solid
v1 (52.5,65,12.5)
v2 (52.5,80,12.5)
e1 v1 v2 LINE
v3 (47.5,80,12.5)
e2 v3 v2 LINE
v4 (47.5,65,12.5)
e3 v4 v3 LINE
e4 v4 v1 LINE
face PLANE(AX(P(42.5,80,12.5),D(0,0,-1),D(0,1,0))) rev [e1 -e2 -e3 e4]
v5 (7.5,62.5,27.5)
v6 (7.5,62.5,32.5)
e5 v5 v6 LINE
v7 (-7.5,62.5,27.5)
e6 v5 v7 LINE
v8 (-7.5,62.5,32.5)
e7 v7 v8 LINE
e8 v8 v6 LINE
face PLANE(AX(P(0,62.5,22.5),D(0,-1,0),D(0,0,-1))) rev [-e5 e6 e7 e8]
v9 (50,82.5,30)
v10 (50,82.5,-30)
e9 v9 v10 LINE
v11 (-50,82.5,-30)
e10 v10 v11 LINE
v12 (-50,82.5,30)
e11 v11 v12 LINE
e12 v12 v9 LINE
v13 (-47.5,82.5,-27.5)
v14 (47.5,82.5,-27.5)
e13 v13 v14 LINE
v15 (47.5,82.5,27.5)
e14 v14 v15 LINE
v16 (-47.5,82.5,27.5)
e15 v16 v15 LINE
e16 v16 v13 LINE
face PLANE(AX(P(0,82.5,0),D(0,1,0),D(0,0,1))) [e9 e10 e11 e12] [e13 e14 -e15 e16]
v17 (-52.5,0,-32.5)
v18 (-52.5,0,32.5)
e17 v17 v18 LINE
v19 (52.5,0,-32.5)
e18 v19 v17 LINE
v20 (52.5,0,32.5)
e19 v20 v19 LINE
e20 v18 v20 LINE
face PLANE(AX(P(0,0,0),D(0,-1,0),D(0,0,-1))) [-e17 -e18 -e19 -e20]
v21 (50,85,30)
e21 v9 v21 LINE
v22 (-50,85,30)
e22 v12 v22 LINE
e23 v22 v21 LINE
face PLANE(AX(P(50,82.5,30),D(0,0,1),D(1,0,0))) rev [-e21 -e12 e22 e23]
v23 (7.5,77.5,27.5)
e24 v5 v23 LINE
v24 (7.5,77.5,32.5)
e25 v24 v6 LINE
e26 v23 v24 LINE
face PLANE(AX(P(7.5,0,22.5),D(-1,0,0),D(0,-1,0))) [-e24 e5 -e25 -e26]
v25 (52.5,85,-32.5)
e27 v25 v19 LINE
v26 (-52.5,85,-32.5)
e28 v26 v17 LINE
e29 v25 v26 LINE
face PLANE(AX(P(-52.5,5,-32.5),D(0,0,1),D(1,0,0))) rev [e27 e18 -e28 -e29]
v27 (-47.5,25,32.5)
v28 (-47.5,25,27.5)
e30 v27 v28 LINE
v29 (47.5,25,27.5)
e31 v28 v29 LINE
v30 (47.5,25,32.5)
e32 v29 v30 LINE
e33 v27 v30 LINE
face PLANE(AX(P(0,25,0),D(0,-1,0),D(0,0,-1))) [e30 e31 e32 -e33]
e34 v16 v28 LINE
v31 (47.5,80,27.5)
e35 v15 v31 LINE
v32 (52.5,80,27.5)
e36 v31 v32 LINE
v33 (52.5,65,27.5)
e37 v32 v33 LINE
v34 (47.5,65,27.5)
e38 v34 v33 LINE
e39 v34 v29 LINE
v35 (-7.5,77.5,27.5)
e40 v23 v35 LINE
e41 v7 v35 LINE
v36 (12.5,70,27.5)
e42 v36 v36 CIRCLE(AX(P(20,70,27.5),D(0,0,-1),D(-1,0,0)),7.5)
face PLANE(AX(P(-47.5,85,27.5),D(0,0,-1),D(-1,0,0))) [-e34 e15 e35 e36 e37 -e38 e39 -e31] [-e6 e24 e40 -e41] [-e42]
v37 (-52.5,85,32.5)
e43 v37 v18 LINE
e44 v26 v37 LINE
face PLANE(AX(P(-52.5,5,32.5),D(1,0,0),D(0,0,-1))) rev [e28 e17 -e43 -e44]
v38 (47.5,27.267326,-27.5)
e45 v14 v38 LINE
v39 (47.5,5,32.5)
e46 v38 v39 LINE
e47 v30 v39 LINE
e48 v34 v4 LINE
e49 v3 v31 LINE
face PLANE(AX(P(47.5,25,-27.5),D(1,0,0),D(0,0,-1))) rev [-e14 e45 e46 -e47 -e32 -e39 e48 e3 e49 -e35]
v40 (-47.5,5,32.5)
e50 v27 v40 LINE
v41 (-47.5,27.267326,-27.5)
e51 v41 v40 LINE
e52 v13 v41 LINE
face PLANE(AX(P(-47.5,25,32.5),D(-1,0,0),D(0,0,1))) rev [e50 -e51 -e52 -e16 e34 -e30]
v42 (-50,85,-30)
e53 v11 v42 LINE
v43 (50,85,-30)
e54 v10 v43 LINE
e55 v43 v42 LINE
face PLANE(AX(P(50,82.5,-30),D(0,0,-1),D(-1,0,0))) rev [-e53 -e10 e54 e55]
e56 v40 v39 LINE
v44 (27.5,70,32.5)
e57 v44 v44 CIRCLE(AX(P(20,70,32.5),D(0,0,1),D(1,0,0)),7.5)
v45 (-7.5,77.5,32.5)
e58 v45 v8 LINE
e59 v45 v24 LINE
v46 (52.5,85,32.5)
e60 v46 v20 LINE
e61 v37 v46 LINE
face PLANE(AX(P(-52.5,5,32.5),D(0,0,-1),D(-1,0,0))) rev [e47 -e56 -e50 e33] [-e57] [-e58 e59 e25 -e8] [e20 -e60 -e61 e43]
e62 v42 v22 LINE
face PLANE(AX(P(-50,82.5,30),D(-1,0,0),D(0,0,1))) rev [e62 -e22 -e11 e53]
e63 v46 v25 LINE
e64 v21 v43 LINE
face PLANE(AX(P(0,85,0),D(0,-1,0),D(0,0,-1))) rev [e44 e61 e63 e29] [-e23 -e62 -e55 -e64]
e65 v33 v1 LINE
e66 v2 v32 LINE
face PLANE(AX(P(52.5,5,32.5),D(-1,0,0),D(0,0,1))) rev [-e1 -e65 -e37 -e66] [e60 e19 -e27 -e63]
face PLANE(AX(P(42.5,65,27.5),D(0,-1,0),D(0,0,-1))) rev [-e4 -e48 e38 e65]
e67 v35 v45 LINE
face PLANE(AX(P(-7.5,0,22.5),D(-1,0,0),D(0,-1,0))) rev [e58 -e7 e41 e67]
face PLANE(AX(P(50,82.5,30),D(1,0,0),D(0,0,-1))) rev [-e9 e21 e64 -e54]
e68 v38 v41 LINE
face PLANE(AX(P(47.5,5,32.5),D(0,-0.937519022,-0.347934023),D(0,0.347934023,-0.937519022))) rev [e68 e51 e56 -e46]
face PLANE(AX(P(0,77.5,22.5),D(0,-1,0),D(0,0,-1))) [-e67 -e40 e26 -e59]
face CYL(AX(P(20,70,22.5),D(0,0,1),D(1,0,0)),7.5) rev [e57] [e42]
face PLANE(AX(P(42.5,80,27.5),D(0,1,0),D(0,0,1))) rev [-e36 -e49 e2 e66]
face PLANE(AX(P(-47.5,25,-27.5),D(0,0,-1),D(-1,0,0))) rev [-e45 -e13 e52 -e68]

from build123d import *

# Parameters (mm, degrees)
SKETCH1_W           = 105
SKETCH1_H           = 65
BOSS_EXTRUDE1_DEPTH = 5
BOSS_EXTRUDE2_DEPTH = 20
SKETCH3_W           = 105
SKETCH3_H           = 65
SKETCH3_W_2         = 95
SKETCH3_H_2         = 55
BOSS_EXTRUDE3_DEPTH = 60
SKETCH4_W           = 100
SKETCH4_H           = 60
CUT_EXTRUDE1_DEPTH  = 2.5
SKETCH5_W           = 15
SKETCH5_H           = 15
SKETCH5_R           = 7.5
CUT_EXTRUDE3_DEPTH  = 10
SKETCH6_W           = 15
SKETCH6_H           = 15
CUT_EXTRUDE4_DEPTH  = 10
BOSS_EXTRUDE4_DEPTH = 95


with BuildPart() as part:
    # Sketch1 → Boss-Extrude1 (new body)
    with BuildSketch(Plane(origin=(0, 0, 0), x_dir=(1, 0, 0), z_dir=(0, 1, 0))):
        Rectangle(SKETCH1_W, SKETCH1_H)
    extrude(amount=BOSS_EXTRUDE1_DEPTH)

    # Sketch2 → Boss-Extrude2 (add)
    with BuildSketch(Plane(origin=(0, 5, 0), x_dir=(1, 0, 0), z_dir=(0, 1, 0))):
        Polygon((-47.5, -32.5), (-47.5, 27.5), (47.5, 27.5), (47.5, -32.5), (52.5, -32.5), (52.5, 32.5), (-52.5, 32.5), (-52.5, -32.5), align=None)
    extrude(amount=BOSS_EXTRUDE2_DEPTH)

    # Sketch3 → Boss-Extrude3 (add)
    with BuildSketch(Plane(origin=(0, 25, 0), x_dir=(1, 0, 0), z_dir=(0, 1, 0))):
        Rectangle(SKETCH3_W, SKETCH3_H)
        Rectangle(SKETCH3_W_2, SKETCH3_H_2, mode=Mode.SUBTRACT)
    extrude(amount=BOSS_EXTRUDE3_DEPTH)

    # Sketch4 → Cut-Extrude1 (cut)
    with BuildSketch(Plane(origin=(0, 85, 0), x_dir=(1, 0, 0), z_dir=(0, 1, 0))):
        Rectangle(SKETCH4_W, SKETCH4_H)
    extrude(amount=-CUT_EXTRUDE1_DEPTH, mode=Mode.SUBTRACT)

    # Sketch5 → Cut-Extrude3 (cut)
    with BuildSketch(Plane.XY.offset(32.5)):
        with Locations((0, 70)):
            Rectangle(SKETCH5_W, SKETCH5_H)
        with Locations((20, 70)):
            Circle(SKETCH5_R)
    extrude(amount=-CUT_EXTRUDE3_DEPTH, mode=Mode.SUBTRACT)

    # Sketch6 → Cut-Extrude4 (cut)
    with BuildSketch(Plane(origin=(52.5, 0, 0), x_dir=(0, 0, -1), z_dir=(1, 0, 0))):
        with Locations((-20, 72.5)):
            Rectangle(SKETCH6_W, SKETCH6_H)
    extrude(amount=-CUT_EXTRUDE4_DEPTH, mode=Mode.SUBTRACT)

    # Sketch10 → Boss-Extrude4 (add)
    with BuildSketch(Plane(origin=(-47.5, 0, 0), x_dir=(0, 0, -1), z_dir=(1, 0, 0))):
        Polygon((-32.5, 5), (27.5, 27.267325642), (27.5, 5), align=None)
    extrude(amount=BOSS_EXTRUDE4_DEPTH)


solid = part.part
